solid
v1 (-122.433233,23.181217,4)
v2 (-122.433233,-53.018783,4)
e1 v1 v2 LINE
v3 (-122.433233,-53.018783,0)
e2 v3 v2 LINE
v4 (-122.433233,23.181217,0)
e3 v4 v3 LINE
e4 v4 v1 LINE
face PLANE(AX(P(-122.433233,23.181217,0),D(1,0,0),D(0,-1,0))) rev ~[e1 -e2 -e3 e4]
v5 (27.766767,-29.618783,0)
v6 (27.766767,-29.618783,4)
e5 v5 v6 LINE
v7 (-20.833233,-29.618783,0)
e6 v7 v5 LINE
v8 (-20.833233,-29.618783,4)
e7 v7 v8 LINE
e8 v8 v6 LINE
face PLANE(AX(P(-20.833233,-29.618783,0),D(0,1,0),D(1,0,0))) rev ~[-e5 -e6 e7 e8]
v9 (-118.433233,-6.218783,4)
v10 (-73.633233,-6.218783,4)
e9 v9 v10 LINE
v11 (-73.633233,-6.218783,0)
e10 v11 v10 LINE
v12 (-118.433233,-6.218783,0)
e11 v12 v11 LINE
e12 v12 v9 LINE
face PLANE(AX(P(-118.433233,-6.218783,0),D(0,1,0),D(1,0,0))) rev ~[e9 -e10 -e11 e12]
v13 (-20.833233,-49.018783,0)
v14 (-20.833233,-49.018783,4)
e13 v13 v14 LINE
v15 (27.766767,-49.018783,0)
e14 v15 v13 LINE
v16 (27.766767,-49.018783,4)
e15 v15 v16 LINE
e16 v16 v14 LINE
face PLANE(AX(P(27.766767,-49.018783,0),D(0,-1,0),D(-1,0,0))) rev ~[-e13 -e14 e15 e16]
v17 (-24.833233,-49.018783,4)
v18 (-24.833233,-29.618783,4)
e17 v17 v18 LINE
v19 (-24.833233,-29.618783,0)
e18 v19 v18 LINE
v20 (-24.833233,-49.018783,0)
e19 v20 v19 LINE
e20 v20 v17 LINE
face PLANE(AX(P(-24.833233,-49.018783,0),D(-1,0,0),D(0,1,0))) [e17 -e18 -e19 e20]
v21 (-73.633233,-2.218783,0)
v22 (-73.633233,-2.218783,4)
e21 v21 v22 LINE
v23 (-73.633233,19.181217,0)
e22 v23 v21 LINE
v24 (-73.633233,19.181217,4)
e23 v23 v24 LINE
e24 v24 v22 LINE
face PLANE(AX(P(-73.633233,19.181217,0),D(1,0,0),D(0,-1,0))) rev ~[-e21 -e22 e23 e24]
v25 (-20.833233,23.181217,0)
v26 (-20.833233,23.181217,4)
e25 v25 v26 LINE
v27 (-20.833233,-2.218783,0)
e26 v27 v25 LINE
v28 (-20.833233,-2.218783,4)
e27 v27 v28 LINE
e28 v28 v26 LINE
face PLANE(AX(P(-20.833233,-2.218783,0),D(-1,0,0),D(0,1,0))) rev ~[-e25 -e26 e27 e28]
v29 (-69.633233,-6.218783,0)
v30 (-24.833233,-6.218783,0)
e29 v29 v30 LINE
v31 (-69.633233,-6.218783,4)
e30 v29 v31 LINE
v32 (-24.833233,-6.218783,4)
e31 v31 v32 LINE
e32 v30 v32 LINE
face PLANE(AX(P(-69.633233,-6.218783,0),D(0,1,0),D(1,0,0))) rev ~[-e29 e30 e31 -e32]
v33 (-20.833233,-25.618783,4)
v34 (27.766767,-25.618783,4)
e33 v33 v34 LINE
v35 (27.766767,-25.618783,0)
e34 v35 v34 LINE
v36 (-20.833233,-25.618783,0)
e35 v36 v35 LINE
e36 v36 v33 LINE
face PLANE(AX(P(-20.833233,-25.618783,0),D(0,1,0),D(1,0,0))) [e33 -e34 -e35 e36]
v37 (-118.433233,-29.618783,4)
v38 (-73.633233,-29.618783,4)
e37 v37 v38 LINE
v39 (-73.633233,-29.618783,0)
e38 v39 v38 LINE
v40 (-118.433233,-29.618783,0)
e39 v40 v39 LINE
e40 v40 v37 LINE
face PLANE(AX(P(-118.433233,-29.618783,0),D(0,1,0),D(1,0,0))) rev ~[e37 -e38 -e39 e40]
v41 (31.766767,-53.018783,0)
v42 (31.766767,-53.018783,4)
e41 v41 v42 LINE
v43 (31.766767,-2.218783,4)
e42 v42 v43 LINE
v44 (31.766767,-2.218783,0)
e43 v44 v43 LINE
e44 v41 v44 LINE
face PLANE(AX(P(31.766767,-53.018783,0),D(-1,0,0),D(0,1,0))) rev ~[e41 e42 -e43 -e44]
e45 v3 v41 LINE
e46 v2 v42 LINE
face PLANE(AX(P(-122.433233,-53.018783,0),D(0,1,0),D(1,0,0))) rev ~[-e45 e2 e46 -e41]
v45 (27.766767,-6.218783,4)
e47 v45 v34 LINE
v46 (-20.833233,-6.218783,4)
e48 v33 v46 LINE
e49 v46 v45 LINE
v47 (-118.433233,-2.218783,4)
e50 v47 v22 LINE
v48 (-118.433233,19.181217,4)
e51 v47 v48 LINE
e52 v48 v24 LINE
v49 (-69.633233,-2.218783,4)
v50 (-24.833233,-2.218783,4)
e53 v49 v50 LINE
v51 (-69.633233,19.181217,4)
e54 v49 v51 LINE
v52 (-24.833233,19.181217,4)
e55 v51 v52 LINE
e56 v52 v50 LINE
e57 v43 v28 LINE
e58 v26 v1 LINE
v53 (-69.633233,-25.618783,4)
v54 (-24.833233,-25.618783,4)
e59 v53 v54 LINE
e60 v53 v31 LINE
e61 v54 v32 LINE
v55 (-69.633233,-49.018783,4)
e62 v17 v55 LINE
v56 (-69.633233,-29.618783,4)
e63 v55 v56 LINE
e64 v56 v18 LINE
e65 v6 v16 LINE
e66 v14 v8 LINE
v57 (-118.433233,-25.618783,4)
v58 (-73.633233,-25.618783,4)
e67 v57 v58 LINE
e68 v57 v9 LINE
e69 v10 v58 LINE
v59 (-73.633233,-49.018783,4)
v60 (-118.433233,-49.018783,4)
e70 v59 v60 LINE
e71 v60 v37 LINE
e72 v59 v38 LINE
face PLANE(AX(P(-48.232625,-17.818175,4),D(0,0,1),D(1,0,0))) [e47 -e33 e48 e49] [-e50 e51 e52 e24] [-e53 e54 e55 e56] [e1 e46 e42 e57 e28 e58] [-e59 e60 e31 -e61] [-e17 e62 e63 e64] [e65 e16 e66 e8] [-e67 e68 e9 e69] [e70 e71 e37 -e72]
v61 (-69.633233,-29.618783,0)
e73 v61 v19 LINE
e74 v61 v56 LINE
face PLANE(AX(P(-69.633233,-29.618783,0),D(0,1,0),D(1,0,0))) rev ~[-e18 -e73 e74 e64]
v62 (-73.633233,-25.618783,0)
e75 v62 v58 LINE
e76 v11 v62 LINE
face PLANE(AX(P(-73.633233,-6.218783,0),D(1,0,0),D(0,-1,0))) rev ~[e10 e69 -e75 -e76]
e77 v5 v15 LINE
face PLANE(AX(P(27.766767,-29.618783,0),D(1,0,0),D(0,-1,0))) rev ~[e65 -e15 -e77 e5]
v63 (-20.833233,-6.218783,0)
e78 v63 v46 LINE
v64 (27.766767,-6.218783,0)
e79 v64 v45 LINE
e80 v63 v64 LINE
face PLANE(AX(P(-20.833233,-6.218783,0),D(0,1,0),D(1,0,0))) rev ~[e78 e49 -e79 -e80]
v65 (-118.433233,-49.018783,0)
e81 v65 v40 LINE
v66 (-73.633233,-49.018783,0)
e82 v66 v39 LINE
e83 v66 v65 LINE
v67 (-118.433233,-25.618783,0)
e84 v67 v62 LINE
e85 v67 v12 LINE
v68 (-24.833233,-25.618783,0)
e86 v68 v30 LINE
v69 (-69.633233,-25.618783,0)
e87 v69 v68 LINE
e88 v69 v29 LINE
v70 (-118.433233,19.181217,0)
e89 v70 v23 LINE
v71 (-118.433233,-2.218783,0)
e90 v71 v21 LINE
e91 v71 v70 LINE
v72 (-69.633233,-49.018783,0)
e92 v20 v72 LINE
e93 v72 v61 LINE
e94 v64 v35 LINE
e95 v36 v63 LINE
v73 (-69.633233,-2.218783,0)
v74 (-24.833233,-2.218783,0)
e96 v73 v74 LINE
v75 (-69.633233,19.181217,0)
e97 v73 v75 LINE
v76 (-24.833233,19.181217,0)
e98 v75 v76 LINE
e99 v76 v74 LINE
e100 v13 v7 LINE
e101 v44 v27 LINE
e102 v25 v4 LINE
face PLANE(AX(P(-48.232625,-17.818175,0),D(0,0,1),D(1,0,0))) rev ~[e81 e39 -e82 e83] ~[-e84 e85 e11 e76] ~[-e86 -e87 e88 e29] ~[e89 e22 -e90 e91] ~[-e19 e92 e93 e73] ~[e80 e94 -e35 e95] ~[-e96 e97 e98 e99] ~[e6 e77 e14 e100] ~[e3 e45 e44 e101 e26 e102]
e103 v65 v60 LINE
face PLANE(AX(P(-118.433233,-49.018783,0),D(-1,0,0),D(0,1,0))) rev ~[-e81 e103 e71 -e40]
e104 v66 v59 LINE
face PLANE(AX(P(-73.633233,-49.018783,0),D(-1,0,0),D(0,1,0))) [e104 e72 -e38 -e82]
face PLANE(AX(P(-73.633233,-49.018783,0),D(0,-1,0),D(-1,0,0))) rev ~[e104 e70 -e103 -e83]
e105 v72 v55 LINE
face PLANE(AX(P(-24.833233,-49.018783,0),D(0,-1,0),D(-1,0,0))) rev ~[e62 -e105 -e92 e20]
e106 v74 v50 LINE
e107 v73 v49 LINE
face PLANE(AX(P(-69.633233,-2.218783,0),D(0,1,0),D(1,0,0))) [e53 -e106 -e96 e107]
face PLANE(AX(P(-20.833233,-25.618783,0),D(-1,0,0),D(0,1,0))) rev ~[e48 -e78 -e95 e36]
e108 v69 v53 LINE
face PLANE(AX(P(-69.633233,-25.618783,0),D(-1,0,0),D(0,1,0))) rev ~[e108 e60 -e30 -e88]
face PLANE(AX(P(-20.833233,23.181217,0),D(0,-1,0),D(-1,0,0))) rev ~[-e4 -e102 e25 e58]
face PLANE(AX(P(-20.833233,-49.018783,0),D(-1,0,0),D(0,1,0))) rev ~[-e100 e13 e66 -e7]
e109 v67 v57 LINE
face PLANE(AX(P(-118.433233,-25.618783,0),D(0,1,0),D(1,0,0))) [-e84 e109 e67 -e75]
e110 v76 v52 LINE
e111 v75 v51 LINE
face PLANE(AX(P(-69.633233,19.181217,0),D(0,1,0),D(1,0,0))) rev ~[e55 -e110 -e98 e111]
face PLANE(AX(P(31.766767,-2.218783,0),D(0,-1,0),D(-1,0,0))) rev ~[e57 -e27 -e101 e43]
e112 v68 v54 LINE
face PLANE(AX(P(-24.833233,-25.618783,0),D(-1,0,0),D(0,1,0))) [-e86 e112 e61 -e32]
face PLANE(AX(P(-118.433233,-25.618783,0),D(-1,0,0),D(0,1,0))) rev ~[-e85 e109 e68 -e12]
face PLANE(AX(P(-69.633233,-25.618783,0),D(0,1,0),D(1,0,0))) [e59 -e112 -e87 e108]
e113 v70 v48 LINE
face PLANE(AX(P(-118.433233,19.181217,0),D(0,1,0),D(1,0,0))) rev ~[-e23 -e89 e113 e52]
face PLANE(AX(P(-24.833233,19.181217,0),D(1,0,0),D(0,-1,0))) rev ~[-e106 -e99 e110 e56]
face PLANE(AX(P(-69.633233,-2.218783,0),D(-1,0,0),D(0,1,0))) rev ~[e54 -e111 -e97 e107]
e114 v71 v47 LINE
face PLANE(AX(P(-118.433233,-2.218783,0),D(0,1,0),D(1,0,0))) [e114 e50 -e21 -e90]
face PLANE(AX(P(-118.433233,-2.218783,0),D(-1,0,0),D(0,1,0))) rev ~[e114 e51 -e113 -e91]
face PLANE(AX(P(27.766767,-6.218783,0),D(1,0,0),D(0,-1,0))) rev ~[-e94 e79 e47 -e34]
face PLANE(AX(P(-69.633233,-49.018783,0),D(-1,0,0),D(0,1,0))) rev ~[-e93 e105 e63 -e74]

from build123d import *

# Parameters (mm, degrees)
F0_W     = 4
F0_H     = 21.4
F0_H_2   = 4
F0_W_2   = 44.8
F0_H_3   = 19.4
F0_W_3   = 48.6
F1_DEPTH = 4


with BuildPart() as f1:
    # F0 (on Top) → F1 (new body)
    with BuildSketch(Plane.XY):
        Polygon((-20.8332327306, 23.1812172311), (-122.4332327306, 23.1812172311), (-122.4332327306, -53.0187827689), (31.7667672694, -53.0187827689), (31.7667672694, -2.2187827689), (-20.8332327306, -2.2187827689), align=None)
        Polygon((-24.8332327306, -2.2187827689), (-20.8332327306, -2.2187827689), (-20.8332327306, -6.2187827689), (27.7667672694, -6.2187827689), (27.7667672694, -25.6187827689), (27.7667672694, -29.6187827689), (27.7667672694, -49.0187827689), (-20.8332327306, -49.0187827689), (-24.8332327306, -49.0187827689), (-69.6332327306, -49.0187827689), (-73.6332327306, -49.0187827689), (-118.4332327306, -49.0187827689), (-118.4332327306, -29.6187827689), (-118.4332327306, -25.6187827689), (-118.4332327306, -6.2187827689), (-118.4332327306, -2.2187827689), (-118.4332327306, 19.1812172311), (-73.6332327306, 19.1812172311), (-69.6332327306, 19.1812172311), (-24.8332327306, 19.1812172311), align=None, mode=Mode.SUBTRACT)
        with Locations((-71.6332327306, 8.4812172311)):
            Rectangle(F0_W, F0_H)
        with Locations((-71.6332327306, -4.2187827689)):
            Rectangle(F0_W, F0_H_2)
        with Locations((-96.0332327306, -4.2187827689)):
            Rectangle(F0_W_2, F0_H_2)
        with Locations((-71.6332327306, -15.9187827689)):
            Rectangle(F0_W, F0_H_3)
        with Locations((-71.6332327306, -27.6187827689)):
            Rectangle(F0_W, F0_H_2)
        with Locations((-96.0332327306, -27.6187827689)):
            Rectangle(F0_W_2, F0_H_2)
        with Locations((-71.6332327306, -39.3187827689)):
            Rectangle(F0_W, F0_H_3)
        with Locations((-47.2332327306, -4.2187827689)):
            Rectangle(F0_W_2, F0_H_2)
        with Locations((-22.8332327306, -4.2187827689)):
            Rectangle(F0_W, F0_H_2)
        with Locations((-22.8332327306, -15.9187827689)):
            Rectangle(F0_W, F0_H_3)
        with Locations((-47.2332327306, -27.6187827689)):
            Rectangle(F0_W_2, F0_H_2)
        with Locations((-22.8332327306, -27.6187827689)):
            Rectangle(F0_W, F0_H_2)
        with Locations((-22.8332327306, -39.3187827689)):
            Rectangle(F0_W, F0_H_3)
        with Locations((3.4667672694, -27.6187827689)):
            Rectangle(F0_W_3, F0_H_2)
    extrude(amount=F1_DEPTH)


solid = f1.part
